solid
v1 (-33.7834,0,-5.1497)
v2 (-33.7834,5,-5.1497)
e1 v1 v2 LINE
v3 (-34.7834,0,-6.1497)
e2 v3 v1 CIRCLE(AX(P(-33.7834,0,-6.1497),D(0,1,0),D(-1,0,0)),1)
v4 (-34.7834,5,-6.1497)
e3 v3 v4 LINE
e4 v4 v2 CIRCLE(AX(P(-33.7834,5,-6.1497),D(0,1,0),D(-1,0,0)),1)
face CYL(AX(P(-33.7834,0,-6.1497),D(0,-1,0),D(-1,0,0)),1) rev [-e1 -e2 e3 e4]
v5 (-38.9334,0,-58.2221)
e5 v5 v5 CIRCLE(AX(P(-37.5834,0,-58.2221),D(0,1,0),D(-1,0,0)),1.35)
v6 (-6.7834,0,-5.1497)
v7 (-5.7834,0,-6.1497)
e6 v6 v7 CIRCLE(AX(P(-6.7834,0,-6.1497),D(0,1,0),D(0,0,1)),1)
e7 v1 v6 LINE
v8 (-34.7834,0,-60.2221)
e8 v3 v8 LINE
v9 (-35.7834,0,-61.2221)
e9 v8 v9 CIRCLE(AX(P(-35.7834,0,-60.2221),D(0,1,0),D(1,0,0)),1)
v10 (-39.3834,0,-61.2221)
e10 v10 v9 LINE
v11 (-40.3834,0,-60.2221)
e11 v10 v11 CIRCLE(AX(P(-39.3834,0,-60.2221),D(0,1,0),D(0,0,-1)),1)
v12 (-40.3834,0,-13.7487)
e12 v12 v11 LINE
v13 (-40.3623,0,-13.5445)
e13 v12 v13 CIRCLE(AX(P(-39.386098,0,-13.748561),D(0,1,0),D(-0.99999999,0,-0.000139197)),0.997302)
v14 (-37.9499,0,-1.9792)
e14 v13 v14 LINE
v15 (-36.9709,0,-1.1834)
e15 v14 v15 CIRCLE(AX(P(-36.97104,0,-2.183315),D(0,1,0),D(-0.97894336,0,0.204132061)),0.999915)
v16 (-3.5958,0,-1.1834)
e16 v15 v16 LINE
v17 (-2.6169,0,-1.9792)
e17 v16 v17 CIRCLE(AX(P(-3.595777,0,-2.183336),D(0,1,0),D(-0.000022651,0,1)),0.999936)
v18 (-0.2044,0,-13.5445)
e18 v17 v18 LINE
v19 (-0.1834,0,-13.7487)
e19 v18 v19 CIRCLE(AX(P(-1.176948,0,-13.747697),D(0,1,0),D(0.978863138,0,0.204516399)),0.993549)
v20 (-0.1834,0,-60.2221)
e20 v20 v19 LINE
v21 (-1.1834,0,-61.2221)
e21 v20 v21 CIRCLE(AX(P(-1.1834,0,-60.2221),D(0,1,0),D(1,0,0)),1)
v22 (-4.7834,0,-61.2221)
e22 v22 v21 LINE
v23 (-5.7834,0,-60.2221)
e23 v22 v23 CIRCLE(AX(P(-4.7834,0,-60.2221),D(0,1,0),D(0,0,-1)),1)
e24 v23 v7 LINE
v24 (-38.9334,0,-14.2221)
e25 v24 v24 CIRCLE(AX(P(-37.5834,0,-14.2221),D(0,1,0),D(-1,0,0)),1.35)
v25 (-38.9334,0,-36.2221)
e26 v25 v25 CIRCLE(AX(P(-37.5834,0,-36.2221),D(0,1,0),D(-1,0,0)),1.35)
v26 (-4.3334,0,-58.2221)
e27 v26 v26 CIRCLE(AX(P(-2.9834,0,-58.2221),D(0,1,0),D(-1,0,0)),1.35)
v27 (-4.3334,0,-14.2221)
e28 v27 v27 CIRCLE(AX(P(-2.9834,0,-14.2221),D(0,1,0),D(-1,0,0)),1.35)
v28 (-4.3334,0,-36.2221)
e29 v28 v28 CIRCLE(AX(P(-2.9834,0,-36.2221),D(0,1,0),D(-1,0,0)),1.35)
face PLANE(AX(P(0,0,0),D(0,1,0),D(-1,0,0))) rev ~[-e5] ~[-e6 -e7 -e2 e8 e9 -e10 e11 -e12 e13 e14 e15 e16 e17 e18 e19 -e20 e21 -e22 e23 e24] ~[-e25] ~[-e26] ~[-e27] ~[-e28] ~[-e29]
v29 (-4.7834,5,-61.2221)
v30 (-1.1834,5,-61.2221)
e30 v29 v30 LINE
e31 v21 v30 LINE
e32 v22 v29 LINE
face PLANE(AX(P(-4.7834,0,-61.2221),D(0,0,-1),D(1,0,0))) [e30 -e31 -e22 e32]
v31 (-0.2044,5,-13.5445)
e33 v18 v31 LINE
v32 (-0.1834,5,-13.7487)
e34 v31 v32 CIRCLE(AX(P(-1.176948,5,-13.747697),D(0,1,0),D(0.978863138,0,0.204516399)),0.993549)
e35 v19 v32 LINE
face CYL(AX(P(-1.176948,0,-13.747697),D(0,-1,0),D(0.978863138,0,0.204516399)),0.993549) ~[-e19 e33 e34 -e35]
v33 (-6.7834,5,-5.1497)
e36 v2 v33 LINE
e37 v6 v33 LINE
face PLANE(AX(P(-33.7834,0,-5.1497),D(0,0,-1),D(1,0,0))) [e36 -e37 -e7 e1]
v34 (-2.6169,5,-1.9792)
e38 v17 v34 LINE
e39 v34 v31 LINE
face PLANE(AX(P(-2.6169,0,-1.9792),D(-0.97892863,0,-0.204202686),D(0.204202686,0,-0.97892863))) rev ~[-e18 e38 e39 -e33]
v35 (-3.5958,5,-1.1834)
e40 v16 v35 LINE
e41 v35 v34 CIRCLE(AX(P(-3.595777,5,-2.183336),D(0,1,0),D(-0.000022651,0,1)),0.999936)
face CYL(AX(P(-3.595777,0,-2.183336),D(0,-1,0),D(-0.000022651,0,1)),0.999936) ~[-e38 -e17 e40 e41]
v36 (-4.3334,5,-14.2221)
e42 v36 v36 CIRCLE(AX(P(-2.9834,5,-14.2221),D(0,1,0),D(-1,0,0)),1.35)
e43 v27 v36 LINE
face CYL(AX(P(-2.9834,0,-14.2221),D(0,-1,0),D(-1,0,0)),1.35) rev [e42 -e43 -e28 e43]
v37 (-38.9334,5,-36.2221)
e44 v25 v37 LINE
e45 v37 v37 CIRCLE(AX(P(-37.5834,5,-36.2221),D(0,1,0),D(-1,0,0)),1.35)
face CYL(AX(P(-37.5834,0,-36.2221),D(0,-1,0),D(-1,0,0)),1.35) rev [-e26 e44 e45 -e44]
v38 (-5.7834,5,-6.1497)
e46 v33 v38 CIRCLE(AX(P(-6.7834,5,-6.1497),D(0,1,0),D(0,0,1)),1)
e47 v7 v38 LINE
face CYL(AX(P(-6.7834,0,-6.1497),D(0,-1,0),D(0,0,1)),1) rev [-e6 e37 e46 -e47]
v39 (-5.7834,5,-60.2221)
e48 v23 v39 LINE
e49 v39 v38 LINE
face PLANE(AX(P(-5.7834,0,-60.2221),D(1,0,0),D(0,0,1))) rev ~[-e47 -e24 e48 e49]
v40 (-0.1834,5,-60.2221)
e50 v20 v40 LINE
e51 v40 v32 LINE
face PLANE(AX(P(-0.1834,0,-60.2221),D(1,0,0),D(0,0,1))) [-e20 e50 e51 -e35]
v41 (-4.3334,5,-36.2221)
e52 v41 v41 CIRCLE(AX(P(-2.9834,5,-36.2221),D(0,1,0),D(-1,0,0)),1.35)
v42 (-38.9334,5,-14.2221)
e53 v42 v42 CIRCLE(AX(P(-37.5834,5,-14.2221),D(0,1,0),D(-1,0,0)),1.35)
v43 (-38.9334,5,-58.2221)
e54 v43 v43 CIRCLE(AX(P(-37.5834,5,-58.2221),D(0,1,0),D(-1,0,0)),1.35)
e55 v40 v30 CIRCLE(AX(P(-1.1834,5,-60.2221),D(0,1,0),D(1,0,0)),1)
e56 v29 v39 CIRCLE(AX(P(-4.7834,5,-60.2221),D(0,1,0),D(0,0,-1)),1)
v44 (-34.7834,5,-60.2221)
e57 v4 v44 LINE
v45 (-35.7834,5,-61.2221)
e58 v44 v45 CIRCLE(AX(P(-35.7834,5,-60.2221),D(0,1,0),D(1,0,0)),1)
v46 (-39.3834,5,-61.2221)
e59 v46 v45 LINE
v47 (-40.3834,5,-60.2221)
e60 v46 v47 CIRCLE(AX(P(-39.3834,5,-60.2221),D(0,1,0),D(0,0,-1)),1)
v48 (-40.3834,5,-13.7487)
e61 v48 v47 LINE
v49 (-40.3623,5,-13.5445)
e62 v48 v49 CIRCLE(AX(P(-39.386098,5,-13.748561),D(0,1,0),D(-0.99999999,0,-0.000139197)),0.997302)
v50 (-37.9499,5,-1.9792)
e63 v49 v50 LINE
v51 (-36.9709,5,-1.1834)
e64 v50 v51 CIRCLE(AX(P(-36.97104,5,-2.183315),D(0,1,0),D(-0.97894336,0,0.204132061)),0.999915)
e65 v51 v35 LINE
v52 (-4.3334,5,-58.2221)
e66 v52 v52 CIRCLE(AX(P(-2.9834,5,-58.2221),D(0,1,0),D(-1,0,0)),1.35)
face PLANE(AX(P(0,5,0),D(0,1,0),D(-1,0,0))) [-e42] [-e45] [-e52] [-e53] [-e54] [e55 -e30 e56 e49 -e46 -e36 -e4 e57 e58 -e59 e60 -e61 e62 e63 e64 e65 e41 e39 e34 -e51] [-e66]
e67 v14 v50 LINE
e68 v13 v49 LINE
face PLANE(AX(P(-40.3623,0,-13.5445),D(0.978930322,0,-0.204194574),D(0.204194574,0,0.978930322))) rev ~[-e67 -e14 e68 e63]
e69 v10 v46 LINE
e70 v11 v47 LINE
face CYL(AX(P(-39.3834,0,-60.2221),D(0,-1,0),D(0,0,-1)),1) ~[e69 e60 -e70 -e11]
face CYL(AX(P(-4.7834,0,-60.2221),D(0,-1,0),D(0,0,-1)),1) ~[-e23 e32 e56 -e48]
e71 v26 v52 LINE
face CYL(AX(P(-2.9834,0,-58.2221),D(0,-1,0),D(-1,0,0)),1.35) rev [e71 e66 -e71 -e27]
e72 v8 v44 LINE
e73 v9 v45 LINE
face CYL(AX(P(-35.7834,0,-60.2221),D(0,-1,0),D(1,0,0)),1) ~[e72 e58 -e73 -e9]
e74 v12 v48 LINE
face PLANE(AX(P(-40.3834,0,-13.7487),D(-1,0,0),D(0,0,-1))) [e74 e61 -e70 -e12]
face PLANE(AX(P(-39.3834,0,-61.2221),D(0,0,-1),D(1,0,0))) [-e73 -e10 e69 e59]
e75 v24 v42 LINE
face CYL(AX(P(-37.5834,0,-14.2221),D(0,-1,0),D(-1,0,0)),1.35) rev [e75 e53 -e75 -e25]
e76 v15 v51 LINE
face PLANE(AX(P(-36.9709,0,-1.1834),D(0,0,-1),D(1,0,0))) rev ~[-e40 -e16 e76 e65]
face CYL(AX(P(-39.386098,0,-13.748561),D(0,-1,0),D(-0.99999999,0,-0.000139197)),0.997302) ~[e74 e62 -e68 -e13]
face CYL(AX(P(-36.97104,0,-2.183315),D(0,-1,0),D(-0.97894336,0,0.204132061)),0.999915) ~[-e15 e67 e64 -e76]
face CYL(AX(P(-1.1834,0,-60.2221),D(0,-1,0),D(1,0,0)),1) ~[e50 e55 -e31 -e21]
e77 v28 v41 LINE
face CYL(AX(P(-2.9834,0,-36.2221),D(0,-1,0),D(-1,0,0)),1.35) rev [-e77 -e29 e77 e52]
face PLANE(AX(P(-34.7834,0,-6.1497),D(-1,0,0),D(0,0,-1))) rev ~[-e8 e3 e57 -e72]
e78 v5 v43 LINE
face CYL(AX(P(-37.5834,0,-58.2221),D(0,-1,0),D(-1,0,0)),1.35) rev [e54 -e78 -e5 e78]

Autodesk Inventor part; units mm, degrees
ref_plane "YZ Plane" through (0, 0, 0) normal (1, 0, 0) x (0, 1, 0)
ref_plane "XZ Plane" through (0, 0, 0) normal (0, 1, 0) x (-1, 0, 0)
ref_plane "XY Plane" through (0, 0, 0) normal (0, 0, 1) x (1, 0, 0)
sketch "Sketch2" plane through (0, 0, 0) normal (0, 1, 0) x (-1, 0, 0)
  line L0 (0.1834, -60.2221) -> (0.1834, -13.7487)
  line L1 (40.3834, -13.7487) -> (40.3834, -60.2221)
  line L2 (34.7834, -6.1497) -> (34.7834, -60.2221)
  line L3 (5.7834, -60.2221) -> (5.7834, -6.1497)
  circle A0 centre (37.5834, -14.2221) radius 1.35
  circle A1 centre (37.5834, -36.2221) radius 1.35
  circle A2 centre (2.9834, -14.2221) radius 1.35
  circle A3 centre (2.9834, -36.2221) radius 1.35
  circle A4 centre (37.5834, -58.2221) radius 1.35
  circle A5 centre (2.9834, -58.2221) radius 1.35
  line L4 (39.3834, -61.2221) -> (35.7834, -61.2221)
  line L5 (4.7834, -61.2221) -> (1.1834, -61.2221)
  line L6 (33.7834, -5.1497) -> (6.7834, -5.1497)
  arc A6 (34.7834, -6.1497) -> (33.7834, -5.1497) centre (33.7834, -6.1497) ccw
  arc A7 (6.7834, -5.1497) -> (5.7834, -6.1497) centre (6.7834, -6.1497) ccw
  arc A8 (39.3834, -61.2221) -> (40.3834, -60.2221) centre (39.3834, -60.2221) ccw
  arc A9 (34.7834, -60.2221) -> (35.7834, -61.2221) centre (35.7834, -60.2221) ccw
  arc A10 (4.7834, -61.2221) -> (5.7834, -60.2221) centre (4.7834, -60.2221) ccw
  arc A11 (0.1834, -60.2221) -> (1.1834, -61.2221) centre (1.1834, -60.2221) ccw
  line L7 (36.9709, -1.1834) -> (3.5958, -1.1834)
  line L8 (40.3623, -13.5445) -> (37.9499, -1.9792)
  line L9 (2.6169, -1.9792) -> (0.2044, -13.5445)
  arc A12 (40.3834, -13.7487) -> (40.3623, -13.5445) centre (39.3834, -13.7487) ccw
  arc A13 (37.9499, -1.9792) -> (36.9709, -1.1834) centre (36.9709, -2.1834) ccw
  arc A14 (3.5958, -1.1834) -> (2.6169, -1.9792) centre (3.5958, -2.1834) ccw
  arc A15 (0.2044, -13.5445) -> (0.1834, -13.7487) centre (1.1834, -13.7487) ccw
extrude "Extrusion2" add sketch "Sketch2" along normal blind 5
properties part number "SpaceMX64"
